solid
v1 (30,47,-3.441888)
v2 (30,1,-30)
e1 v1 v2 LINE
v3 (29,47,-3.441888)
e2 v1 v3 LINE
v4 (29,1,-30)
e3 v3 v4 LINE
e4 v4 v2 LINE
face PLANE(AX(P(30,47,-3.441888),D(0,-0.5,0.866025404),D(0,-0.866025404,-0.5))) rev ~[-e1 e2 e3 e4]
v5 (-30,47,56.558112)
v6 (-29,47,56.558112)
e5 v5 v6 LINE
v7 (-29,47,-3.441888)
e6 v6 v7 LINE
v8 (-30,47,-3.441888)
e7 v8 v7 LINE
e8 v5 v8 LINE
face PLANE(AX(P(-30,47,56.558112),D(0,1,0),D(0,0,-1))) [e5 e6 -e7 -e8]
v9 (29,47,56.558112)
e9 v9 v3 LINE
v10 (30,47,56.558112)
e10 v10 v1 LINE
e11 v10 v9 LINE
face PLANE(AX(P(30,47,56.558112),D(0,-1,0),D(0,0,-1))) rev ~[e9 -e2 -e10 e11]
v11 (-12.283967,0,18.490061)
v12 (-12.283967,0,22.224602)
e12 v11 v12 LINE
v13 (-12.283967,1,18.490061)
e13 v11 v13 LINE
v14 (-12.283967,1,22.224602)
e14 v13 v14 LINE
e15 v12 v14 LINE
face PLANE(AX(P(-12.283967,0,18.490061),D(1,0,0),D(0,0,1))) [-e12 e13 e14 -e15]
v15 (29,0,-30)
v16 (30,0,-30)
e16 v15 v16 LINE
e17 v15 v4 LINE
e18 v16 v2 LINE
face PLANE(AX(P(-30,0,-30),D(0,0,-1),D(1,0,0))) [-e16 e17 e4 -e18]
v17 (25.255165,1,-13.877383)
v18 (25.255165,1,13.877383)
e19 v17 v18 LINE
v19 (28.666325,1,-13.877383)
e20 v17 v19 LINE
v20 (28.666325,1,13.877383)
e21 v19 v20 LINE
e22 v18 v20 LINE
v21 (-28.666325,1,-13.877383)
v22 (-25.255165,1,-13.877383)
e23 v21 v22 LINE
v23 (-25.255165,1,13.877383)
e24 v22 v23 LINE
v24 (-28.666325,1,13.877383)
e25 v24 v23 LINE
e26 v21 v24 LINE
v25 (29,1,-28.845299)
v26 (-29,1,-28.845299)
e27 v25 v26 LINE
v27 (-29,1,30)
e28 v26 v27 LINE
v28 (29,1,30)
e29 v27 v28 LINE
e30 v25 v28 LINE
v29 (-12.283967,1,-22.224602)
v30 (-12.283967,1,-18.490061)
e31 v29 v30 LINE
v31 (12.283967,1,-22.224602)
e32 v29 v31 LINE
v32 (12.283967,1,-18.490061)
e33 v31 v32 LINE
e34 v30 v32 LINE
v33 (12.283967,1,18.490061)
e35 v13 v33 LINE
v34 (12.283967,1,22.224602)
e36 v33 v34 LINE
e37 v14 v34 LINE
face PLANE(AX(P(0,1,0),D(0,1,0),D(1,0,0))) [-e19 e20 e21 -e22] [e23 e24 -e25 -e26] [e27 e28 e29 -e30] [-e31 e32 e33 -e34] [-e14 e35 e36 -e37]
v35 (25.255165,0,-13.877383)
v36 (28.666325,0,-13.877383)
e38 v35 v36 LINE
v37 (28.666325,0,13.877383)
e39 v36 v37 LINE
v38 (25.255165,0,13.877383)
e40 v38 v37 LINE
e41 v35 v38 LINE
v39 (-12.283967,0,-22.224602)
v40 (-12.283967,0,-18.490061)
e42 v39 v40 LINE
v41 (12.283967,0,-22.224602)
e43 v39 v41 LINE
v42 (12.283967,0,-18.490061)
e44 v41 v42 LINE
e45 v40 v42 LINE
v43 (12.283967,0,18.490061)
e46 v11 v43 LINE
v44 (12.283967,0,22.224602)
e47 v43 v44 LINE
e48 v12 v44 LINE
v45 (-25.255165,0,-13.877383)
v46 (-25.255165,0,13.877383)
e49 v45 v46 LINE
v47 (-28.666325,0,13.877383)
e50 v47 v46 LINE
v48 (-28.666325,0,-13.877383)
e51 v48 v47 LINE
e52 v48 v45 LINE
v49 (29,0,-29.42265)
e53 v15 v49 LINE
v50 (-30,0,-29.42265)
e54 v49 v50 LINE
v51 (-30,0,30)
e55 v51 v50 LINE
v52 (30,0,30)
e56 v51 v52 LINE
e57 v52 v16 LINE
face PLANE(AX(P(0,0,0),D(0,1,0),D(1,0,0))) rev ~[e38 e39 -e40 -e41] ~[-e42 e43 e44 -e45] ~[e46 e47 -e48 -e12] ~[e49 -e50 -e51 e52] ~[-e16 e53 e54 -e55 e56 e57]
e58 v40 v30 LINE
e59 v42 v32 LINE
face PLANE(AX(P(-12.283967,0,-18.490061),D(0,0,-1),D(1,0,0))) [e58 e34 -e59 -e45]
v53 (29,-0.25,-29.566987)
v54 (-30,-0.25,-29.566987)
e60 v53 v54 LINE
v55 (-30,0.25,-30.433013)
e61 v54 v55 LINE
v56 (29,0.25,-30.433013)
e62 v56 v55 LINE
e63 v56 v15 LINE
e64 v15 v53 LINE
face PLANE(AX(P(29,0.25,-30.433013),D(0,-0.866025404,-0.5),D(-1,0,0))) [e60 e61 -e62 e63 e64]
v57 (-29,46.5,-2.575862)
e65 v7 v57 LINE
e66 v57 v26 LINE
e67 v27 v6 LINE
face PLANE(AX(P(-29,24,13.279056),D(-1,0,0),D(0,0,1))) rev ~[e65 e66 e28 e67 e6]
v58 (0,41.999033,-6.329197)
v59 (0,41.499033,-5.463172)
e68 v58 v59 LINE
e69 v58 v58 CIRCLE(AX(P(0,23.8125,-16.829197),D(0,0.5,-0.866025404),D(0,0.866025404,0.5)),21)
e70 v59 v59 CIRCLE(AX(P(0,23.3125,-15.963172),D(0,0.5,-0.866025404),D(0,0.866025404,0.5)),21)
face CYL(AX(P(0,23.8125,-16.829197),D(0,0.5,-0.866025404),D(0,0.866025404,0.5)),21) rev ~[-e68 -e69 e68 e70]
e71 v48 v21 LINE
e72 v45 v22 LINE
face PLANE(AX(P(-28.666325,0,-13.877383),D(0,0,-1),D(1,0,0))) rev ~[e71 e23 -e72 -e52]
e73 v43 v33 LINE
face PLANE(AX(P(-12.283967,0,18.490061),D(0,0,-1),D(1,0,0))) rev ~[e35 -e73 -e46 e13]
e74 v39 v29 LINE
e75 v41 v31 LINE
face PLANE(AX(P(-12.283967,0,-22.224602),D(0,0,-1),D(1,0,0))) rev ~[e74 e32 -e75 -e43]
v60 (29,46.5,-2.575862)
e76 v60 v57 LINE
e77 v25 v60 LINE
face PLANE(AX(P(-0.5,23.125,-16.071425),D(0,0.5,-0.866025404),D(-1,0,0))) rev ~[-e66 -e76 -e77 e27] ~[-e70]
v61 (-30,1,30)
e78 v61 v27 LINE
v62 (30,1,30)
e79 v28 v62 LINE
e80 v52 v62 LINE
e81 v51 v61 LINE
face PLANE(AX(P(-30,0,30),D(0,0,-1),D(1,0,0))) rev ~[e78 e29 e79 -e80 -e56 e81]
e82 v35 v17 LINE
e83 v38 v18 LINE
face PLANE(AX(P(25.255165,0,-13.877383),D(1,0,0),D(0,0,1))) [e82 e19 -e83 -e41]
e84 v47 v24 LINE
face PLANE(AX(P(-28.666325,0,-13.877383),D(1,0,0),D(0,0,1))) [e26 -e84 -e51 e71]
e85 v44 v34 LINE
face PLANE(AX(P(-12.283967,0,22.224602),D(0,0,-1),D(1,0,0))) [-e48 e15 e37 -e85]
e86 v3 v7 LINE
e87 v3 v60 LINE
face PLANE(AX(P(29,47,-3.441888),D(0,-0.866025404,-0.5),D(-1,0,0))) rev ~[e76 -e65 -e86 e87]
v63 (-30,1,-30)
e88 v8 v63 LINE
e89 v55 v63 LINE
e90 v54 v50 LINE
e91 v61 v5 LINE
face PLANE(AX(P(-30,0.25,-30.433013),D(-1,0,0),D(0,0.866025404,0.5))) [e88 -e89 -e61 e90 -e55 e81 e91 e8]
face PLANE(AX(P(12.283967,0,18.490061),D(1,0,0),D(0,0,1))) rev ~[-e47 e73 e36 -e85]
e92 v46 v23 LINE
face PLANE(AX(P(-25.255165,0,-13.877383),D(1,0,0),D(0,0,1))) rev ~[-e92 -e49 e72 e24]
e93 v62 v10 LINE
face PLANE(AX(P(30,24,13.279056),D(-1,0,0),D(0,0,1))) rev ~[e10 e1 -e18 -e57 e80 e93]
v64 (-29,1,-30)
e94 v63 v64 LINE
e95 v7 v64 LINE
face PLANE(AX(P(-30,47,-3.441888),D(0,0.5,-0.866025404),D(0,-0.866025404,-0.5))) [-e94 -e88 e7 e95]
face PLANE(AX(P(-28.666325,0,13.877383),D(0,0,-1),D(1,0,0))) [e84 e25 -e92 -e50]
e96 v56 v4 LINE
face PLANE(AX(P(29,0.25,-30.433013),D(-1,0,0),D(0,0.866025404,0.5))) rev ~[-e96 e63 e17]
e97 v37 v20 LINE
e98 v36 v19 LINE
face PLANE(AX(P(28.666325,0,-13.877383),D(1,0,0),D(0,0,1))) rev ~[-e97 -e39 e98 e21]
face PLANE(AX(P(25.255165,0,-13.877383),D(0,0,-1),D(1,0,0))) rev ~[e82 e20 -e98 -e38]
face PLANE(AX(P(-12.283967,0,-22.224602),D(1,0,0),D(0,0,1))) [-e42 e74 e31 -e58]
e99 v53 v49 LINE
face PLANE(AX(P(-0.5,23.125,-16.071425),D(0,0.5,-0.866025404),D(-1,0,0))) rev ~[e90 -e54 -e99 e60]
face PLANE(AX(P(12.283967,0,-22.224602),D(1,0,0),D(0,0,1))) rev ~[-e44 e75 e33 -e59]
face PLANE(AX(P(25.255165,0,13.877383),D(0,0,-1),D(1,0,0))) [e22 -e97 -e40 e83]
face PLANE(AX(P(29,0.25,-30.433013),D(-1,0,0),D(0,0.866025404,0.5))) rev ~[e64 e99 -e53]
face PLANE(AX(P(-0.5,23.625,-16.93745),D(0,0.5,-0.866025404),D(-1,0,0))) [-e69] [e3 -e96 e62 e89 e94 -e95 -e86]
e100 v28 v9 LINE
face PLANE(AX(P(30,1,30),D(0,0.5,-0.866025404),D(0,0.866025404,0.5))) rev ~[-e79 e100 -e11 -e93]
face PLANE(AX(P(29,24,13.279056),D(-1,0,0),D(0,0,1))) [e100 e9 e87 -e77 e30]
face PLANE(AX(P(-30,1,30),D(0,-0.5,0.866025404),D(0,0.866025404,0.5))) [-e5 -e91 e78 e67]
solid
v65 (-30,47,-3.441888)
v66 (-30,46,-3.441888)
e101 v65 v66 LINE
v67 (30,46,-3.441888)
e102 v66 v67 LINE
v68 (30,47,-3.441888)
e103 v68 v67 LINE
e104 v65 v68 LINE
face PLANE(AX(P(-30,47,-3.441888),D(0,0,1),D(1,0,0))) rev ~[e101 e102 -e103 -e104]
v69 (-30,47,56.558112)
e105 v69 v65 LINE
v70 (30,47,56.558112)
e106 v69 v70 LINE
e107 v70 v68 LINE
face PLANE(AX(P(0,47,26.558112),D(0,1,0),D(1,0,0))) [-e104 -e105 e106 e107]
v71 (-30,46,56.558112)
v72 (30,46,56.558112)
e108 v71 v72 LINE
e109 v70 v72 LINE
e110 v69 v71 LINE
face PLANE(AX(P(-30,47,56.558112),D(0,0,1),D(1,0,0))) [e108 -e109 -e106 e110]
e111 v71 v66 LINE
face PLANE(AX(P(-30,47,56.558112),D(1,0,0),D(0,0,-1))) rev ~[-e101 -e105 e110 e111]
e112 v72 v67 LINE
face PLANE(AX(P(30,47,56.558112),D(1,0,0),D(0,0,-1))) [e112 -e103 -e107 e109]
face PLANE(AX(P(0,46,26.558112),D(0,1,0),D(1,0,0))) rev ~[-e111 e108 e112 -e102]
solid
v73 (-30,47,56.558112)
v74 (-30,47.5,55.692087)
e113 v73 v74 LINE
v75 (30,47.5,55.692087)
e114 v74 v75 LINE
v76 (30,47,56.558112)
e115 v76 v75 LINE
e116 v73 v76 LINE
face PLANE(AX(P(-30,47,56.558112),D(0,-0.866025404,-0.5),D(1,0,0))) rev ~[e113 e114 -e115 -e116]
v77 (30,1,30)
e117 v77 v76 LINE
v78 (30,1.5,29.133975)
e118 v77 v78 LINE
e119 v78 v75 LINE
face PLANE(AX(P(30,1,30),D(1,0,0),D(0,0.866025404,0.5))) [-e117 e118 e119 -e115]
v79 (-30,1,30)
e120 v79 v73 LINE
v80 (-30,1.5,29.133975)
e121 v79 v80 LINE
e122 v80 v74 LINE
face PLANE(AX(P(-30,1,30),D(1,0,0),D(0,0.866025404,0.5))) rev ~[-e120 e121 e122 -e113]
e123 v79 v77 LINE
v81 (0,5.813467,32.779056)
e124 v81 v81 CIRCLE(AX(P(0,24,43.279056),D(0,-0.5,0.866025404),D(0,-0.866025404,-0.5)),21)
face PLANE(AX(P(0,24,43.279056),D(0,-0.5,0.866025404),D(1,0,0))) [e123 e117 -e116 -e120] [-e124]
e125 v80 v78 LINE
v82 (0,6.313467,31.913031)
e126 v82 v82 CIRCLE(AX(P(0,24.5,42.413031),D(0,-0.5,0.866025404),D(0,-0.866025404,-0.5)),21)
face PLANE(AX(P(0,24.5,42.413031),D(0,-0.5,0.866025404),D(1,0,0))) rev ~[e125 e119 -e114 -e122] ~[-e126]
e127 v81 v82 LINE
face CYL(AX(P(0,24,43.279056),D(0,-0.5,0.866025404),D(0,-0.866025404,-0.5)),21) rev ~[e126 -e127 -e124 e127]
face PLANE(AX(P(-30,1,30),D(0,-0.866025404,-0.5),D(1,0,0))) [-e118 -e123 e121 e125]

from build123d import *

# Parameters (mm, degrees)
SKETCH1_W           = 60
SKETCH1_H           = 60
BOSS_EXTRUDE1_DEPTH = 1
BOSS_EXTRUDE2_DEPTH = 1
BOSS_EXTRUDE3_DEPTH = 1
SKETCH5_W           = 59
SKETCH5_H           = 53.982250169
BOSS_EXTRUDE4_DEPTH = 1
SKETCH6_W           = 24.567934446
SKETCH6_H           = 3.734541331
SKETCH6_W_2         = 3.411160388
SKETCH6_H_2         = 27.754766174
CUT_EXTRUDE2_DEPTH  = 1
SKETCH9_R           = 21
CUT_EXTRUDE3_DEPTH  = 1
SKETCH13_W          = 60
SKETCH13_H          = 53.116224765
BOSS_EXTRUDE6_DEPTH = 1
SKETCH14_R          = 21
CUT_EXTRUDE4_DEPTH  = 1
SKETCH15_W          = 60
SKETCH15_H          = 60
BOSS_EXTRUDE7_DEPTH = 1


with BuildPart() as part:
    # Sketch1 → Boss-Extrude1 (new body)
    with BuildSketch(Plane(origin=(0, 0, 0), x_dir=(1, 0, 0), z_dir=(0, 1, 0))):
        Rectangle(SKETCH1_W, SKETCH1_H)
    extrude(amount=BOSS_EXTRUDE1_DEPTH)

    # Sketch2 → Boss-Extrude2 (add)
    with BuildSketch(Plane.ZY.offset(30)):
        Polygon((-30, 1), (30, 1), (56.558112383, 47), (-3.441887617, 47), align=None)
    extrude(amount=-BOSS_EXTRUDE2_DEPTH)

    # Sketch3 → Boss-Extrude3 (add)
    with BuildSketch(Plane(origin=(30, 0, 0), x_dir=(0, 0, -1), z_dir=(1, 0, 0))):
        Polygon((30, 1), (-30, 1), (-56.558112383, 47), (3.441887617, 47), align=None)
    extrude(amount=-BOSS_EXTRUDE3_DEPTH)

    # Sketch5 → Boss-Extrude4 (add)
    with BuildSketch(Plane(origin=(0, 13.240381057, -22.933012702), x_dir=(-1, 0, 0), z_dir=(0, 0.500000000000001, -0.8660254037844382))):
        with Locations((0.5, 11.991125085)):
            Rectangle(SKETCH5_W, SKETCH5_H)
    extrude(amount=-BOSS_EXTRUDE4_DEPTH)

    # Sketch6 → Cut-Extrude2 (cut)
    with BuildSketch(Plane.XZ):
        with Locations((0, 20.357331474)):
            Rectangle(SKETCH6_W, SKETCH6_H)
        with Locations((0, -20.357331474)):
            Rectangle(SKETCH6_W, SKETCH6_H)
        with Locations((26.960745132, 0)):
            Rectangle(SKETCH6_W_2, SKETCH6_H_2)
        with Locations((-26.960745132, 0)):
            Rectangle(SKETCH6_W_2, SKETCH6_H_2)
    extrude(amount=-CUT_EXTRUDE2_DEPTH, mode=Mode.SUBTRACT)

    # Sketch9 → Cut-Extrude3 (cut)
    with BuildSketch(Plane(origin=(0, 13.240381057, -22.933012702), x_dir=(-1, 0, 0), z_dir=(0, 0.500000000000001, -0.8660254037844382))):
        with Locations(Location((0, 12.207631436, 0), (0, 0, 90))):
            Circle(SKETCH9_R)
    extrude(amount=-CUT_EXTRUDE3_DEPTH, mode=Mode.SUBTRACT)


with BuildPart() as body_2:
    # Sketch13 → Boss-Extrude6 (new body)
    with BuildSketch(Plane(origin=(0, -12.740381057, 22.066987298), x_dir=(1, 0, 0), z_dir=(0, -0.500000000000001, 0.8660254037844382))):
        with Locations((0, 42.424137787)):
            Rectangle(SKETCH13_W, SKETCH13_H)
    extrude(amount=-BOSS_EXTRUDE6_DEPTH)

    # Sketch14 → Cut-Extrude4 (cut)
    with BuildSketch(Plane(origin=(0, -12.740381057, 22.066987298), x_dir=(1, 0, 0), z_dir=(0, -0.500000000000001, 0.8660254037844382))):
        with Locations(Location((0, 42.424137787, 0), (0, 0, 270))):
            Circle(SKETCH14_R)
    extrude(amount=-CUT_EXTRUDE4_DEPTH, mode=Mode.SUBTRACT)


with BuildPart() as body_3:
    # Sketch15 → Boss-Extrude7 (new body)
    with BuildSketch(Plane(origin=(0, 47, 0), x_dir=(1, 0, 0), z_dir=(0, 1, 0))):
        with Locations((0, -26.558112383)):
            Rectangle(SKETCH15_W, SKETCH15_H)
    extrude(amount=-BOSS_EXTRUDE7_DEPTH)


solid = Compound([part.part, body_2.part, body_3.part])
